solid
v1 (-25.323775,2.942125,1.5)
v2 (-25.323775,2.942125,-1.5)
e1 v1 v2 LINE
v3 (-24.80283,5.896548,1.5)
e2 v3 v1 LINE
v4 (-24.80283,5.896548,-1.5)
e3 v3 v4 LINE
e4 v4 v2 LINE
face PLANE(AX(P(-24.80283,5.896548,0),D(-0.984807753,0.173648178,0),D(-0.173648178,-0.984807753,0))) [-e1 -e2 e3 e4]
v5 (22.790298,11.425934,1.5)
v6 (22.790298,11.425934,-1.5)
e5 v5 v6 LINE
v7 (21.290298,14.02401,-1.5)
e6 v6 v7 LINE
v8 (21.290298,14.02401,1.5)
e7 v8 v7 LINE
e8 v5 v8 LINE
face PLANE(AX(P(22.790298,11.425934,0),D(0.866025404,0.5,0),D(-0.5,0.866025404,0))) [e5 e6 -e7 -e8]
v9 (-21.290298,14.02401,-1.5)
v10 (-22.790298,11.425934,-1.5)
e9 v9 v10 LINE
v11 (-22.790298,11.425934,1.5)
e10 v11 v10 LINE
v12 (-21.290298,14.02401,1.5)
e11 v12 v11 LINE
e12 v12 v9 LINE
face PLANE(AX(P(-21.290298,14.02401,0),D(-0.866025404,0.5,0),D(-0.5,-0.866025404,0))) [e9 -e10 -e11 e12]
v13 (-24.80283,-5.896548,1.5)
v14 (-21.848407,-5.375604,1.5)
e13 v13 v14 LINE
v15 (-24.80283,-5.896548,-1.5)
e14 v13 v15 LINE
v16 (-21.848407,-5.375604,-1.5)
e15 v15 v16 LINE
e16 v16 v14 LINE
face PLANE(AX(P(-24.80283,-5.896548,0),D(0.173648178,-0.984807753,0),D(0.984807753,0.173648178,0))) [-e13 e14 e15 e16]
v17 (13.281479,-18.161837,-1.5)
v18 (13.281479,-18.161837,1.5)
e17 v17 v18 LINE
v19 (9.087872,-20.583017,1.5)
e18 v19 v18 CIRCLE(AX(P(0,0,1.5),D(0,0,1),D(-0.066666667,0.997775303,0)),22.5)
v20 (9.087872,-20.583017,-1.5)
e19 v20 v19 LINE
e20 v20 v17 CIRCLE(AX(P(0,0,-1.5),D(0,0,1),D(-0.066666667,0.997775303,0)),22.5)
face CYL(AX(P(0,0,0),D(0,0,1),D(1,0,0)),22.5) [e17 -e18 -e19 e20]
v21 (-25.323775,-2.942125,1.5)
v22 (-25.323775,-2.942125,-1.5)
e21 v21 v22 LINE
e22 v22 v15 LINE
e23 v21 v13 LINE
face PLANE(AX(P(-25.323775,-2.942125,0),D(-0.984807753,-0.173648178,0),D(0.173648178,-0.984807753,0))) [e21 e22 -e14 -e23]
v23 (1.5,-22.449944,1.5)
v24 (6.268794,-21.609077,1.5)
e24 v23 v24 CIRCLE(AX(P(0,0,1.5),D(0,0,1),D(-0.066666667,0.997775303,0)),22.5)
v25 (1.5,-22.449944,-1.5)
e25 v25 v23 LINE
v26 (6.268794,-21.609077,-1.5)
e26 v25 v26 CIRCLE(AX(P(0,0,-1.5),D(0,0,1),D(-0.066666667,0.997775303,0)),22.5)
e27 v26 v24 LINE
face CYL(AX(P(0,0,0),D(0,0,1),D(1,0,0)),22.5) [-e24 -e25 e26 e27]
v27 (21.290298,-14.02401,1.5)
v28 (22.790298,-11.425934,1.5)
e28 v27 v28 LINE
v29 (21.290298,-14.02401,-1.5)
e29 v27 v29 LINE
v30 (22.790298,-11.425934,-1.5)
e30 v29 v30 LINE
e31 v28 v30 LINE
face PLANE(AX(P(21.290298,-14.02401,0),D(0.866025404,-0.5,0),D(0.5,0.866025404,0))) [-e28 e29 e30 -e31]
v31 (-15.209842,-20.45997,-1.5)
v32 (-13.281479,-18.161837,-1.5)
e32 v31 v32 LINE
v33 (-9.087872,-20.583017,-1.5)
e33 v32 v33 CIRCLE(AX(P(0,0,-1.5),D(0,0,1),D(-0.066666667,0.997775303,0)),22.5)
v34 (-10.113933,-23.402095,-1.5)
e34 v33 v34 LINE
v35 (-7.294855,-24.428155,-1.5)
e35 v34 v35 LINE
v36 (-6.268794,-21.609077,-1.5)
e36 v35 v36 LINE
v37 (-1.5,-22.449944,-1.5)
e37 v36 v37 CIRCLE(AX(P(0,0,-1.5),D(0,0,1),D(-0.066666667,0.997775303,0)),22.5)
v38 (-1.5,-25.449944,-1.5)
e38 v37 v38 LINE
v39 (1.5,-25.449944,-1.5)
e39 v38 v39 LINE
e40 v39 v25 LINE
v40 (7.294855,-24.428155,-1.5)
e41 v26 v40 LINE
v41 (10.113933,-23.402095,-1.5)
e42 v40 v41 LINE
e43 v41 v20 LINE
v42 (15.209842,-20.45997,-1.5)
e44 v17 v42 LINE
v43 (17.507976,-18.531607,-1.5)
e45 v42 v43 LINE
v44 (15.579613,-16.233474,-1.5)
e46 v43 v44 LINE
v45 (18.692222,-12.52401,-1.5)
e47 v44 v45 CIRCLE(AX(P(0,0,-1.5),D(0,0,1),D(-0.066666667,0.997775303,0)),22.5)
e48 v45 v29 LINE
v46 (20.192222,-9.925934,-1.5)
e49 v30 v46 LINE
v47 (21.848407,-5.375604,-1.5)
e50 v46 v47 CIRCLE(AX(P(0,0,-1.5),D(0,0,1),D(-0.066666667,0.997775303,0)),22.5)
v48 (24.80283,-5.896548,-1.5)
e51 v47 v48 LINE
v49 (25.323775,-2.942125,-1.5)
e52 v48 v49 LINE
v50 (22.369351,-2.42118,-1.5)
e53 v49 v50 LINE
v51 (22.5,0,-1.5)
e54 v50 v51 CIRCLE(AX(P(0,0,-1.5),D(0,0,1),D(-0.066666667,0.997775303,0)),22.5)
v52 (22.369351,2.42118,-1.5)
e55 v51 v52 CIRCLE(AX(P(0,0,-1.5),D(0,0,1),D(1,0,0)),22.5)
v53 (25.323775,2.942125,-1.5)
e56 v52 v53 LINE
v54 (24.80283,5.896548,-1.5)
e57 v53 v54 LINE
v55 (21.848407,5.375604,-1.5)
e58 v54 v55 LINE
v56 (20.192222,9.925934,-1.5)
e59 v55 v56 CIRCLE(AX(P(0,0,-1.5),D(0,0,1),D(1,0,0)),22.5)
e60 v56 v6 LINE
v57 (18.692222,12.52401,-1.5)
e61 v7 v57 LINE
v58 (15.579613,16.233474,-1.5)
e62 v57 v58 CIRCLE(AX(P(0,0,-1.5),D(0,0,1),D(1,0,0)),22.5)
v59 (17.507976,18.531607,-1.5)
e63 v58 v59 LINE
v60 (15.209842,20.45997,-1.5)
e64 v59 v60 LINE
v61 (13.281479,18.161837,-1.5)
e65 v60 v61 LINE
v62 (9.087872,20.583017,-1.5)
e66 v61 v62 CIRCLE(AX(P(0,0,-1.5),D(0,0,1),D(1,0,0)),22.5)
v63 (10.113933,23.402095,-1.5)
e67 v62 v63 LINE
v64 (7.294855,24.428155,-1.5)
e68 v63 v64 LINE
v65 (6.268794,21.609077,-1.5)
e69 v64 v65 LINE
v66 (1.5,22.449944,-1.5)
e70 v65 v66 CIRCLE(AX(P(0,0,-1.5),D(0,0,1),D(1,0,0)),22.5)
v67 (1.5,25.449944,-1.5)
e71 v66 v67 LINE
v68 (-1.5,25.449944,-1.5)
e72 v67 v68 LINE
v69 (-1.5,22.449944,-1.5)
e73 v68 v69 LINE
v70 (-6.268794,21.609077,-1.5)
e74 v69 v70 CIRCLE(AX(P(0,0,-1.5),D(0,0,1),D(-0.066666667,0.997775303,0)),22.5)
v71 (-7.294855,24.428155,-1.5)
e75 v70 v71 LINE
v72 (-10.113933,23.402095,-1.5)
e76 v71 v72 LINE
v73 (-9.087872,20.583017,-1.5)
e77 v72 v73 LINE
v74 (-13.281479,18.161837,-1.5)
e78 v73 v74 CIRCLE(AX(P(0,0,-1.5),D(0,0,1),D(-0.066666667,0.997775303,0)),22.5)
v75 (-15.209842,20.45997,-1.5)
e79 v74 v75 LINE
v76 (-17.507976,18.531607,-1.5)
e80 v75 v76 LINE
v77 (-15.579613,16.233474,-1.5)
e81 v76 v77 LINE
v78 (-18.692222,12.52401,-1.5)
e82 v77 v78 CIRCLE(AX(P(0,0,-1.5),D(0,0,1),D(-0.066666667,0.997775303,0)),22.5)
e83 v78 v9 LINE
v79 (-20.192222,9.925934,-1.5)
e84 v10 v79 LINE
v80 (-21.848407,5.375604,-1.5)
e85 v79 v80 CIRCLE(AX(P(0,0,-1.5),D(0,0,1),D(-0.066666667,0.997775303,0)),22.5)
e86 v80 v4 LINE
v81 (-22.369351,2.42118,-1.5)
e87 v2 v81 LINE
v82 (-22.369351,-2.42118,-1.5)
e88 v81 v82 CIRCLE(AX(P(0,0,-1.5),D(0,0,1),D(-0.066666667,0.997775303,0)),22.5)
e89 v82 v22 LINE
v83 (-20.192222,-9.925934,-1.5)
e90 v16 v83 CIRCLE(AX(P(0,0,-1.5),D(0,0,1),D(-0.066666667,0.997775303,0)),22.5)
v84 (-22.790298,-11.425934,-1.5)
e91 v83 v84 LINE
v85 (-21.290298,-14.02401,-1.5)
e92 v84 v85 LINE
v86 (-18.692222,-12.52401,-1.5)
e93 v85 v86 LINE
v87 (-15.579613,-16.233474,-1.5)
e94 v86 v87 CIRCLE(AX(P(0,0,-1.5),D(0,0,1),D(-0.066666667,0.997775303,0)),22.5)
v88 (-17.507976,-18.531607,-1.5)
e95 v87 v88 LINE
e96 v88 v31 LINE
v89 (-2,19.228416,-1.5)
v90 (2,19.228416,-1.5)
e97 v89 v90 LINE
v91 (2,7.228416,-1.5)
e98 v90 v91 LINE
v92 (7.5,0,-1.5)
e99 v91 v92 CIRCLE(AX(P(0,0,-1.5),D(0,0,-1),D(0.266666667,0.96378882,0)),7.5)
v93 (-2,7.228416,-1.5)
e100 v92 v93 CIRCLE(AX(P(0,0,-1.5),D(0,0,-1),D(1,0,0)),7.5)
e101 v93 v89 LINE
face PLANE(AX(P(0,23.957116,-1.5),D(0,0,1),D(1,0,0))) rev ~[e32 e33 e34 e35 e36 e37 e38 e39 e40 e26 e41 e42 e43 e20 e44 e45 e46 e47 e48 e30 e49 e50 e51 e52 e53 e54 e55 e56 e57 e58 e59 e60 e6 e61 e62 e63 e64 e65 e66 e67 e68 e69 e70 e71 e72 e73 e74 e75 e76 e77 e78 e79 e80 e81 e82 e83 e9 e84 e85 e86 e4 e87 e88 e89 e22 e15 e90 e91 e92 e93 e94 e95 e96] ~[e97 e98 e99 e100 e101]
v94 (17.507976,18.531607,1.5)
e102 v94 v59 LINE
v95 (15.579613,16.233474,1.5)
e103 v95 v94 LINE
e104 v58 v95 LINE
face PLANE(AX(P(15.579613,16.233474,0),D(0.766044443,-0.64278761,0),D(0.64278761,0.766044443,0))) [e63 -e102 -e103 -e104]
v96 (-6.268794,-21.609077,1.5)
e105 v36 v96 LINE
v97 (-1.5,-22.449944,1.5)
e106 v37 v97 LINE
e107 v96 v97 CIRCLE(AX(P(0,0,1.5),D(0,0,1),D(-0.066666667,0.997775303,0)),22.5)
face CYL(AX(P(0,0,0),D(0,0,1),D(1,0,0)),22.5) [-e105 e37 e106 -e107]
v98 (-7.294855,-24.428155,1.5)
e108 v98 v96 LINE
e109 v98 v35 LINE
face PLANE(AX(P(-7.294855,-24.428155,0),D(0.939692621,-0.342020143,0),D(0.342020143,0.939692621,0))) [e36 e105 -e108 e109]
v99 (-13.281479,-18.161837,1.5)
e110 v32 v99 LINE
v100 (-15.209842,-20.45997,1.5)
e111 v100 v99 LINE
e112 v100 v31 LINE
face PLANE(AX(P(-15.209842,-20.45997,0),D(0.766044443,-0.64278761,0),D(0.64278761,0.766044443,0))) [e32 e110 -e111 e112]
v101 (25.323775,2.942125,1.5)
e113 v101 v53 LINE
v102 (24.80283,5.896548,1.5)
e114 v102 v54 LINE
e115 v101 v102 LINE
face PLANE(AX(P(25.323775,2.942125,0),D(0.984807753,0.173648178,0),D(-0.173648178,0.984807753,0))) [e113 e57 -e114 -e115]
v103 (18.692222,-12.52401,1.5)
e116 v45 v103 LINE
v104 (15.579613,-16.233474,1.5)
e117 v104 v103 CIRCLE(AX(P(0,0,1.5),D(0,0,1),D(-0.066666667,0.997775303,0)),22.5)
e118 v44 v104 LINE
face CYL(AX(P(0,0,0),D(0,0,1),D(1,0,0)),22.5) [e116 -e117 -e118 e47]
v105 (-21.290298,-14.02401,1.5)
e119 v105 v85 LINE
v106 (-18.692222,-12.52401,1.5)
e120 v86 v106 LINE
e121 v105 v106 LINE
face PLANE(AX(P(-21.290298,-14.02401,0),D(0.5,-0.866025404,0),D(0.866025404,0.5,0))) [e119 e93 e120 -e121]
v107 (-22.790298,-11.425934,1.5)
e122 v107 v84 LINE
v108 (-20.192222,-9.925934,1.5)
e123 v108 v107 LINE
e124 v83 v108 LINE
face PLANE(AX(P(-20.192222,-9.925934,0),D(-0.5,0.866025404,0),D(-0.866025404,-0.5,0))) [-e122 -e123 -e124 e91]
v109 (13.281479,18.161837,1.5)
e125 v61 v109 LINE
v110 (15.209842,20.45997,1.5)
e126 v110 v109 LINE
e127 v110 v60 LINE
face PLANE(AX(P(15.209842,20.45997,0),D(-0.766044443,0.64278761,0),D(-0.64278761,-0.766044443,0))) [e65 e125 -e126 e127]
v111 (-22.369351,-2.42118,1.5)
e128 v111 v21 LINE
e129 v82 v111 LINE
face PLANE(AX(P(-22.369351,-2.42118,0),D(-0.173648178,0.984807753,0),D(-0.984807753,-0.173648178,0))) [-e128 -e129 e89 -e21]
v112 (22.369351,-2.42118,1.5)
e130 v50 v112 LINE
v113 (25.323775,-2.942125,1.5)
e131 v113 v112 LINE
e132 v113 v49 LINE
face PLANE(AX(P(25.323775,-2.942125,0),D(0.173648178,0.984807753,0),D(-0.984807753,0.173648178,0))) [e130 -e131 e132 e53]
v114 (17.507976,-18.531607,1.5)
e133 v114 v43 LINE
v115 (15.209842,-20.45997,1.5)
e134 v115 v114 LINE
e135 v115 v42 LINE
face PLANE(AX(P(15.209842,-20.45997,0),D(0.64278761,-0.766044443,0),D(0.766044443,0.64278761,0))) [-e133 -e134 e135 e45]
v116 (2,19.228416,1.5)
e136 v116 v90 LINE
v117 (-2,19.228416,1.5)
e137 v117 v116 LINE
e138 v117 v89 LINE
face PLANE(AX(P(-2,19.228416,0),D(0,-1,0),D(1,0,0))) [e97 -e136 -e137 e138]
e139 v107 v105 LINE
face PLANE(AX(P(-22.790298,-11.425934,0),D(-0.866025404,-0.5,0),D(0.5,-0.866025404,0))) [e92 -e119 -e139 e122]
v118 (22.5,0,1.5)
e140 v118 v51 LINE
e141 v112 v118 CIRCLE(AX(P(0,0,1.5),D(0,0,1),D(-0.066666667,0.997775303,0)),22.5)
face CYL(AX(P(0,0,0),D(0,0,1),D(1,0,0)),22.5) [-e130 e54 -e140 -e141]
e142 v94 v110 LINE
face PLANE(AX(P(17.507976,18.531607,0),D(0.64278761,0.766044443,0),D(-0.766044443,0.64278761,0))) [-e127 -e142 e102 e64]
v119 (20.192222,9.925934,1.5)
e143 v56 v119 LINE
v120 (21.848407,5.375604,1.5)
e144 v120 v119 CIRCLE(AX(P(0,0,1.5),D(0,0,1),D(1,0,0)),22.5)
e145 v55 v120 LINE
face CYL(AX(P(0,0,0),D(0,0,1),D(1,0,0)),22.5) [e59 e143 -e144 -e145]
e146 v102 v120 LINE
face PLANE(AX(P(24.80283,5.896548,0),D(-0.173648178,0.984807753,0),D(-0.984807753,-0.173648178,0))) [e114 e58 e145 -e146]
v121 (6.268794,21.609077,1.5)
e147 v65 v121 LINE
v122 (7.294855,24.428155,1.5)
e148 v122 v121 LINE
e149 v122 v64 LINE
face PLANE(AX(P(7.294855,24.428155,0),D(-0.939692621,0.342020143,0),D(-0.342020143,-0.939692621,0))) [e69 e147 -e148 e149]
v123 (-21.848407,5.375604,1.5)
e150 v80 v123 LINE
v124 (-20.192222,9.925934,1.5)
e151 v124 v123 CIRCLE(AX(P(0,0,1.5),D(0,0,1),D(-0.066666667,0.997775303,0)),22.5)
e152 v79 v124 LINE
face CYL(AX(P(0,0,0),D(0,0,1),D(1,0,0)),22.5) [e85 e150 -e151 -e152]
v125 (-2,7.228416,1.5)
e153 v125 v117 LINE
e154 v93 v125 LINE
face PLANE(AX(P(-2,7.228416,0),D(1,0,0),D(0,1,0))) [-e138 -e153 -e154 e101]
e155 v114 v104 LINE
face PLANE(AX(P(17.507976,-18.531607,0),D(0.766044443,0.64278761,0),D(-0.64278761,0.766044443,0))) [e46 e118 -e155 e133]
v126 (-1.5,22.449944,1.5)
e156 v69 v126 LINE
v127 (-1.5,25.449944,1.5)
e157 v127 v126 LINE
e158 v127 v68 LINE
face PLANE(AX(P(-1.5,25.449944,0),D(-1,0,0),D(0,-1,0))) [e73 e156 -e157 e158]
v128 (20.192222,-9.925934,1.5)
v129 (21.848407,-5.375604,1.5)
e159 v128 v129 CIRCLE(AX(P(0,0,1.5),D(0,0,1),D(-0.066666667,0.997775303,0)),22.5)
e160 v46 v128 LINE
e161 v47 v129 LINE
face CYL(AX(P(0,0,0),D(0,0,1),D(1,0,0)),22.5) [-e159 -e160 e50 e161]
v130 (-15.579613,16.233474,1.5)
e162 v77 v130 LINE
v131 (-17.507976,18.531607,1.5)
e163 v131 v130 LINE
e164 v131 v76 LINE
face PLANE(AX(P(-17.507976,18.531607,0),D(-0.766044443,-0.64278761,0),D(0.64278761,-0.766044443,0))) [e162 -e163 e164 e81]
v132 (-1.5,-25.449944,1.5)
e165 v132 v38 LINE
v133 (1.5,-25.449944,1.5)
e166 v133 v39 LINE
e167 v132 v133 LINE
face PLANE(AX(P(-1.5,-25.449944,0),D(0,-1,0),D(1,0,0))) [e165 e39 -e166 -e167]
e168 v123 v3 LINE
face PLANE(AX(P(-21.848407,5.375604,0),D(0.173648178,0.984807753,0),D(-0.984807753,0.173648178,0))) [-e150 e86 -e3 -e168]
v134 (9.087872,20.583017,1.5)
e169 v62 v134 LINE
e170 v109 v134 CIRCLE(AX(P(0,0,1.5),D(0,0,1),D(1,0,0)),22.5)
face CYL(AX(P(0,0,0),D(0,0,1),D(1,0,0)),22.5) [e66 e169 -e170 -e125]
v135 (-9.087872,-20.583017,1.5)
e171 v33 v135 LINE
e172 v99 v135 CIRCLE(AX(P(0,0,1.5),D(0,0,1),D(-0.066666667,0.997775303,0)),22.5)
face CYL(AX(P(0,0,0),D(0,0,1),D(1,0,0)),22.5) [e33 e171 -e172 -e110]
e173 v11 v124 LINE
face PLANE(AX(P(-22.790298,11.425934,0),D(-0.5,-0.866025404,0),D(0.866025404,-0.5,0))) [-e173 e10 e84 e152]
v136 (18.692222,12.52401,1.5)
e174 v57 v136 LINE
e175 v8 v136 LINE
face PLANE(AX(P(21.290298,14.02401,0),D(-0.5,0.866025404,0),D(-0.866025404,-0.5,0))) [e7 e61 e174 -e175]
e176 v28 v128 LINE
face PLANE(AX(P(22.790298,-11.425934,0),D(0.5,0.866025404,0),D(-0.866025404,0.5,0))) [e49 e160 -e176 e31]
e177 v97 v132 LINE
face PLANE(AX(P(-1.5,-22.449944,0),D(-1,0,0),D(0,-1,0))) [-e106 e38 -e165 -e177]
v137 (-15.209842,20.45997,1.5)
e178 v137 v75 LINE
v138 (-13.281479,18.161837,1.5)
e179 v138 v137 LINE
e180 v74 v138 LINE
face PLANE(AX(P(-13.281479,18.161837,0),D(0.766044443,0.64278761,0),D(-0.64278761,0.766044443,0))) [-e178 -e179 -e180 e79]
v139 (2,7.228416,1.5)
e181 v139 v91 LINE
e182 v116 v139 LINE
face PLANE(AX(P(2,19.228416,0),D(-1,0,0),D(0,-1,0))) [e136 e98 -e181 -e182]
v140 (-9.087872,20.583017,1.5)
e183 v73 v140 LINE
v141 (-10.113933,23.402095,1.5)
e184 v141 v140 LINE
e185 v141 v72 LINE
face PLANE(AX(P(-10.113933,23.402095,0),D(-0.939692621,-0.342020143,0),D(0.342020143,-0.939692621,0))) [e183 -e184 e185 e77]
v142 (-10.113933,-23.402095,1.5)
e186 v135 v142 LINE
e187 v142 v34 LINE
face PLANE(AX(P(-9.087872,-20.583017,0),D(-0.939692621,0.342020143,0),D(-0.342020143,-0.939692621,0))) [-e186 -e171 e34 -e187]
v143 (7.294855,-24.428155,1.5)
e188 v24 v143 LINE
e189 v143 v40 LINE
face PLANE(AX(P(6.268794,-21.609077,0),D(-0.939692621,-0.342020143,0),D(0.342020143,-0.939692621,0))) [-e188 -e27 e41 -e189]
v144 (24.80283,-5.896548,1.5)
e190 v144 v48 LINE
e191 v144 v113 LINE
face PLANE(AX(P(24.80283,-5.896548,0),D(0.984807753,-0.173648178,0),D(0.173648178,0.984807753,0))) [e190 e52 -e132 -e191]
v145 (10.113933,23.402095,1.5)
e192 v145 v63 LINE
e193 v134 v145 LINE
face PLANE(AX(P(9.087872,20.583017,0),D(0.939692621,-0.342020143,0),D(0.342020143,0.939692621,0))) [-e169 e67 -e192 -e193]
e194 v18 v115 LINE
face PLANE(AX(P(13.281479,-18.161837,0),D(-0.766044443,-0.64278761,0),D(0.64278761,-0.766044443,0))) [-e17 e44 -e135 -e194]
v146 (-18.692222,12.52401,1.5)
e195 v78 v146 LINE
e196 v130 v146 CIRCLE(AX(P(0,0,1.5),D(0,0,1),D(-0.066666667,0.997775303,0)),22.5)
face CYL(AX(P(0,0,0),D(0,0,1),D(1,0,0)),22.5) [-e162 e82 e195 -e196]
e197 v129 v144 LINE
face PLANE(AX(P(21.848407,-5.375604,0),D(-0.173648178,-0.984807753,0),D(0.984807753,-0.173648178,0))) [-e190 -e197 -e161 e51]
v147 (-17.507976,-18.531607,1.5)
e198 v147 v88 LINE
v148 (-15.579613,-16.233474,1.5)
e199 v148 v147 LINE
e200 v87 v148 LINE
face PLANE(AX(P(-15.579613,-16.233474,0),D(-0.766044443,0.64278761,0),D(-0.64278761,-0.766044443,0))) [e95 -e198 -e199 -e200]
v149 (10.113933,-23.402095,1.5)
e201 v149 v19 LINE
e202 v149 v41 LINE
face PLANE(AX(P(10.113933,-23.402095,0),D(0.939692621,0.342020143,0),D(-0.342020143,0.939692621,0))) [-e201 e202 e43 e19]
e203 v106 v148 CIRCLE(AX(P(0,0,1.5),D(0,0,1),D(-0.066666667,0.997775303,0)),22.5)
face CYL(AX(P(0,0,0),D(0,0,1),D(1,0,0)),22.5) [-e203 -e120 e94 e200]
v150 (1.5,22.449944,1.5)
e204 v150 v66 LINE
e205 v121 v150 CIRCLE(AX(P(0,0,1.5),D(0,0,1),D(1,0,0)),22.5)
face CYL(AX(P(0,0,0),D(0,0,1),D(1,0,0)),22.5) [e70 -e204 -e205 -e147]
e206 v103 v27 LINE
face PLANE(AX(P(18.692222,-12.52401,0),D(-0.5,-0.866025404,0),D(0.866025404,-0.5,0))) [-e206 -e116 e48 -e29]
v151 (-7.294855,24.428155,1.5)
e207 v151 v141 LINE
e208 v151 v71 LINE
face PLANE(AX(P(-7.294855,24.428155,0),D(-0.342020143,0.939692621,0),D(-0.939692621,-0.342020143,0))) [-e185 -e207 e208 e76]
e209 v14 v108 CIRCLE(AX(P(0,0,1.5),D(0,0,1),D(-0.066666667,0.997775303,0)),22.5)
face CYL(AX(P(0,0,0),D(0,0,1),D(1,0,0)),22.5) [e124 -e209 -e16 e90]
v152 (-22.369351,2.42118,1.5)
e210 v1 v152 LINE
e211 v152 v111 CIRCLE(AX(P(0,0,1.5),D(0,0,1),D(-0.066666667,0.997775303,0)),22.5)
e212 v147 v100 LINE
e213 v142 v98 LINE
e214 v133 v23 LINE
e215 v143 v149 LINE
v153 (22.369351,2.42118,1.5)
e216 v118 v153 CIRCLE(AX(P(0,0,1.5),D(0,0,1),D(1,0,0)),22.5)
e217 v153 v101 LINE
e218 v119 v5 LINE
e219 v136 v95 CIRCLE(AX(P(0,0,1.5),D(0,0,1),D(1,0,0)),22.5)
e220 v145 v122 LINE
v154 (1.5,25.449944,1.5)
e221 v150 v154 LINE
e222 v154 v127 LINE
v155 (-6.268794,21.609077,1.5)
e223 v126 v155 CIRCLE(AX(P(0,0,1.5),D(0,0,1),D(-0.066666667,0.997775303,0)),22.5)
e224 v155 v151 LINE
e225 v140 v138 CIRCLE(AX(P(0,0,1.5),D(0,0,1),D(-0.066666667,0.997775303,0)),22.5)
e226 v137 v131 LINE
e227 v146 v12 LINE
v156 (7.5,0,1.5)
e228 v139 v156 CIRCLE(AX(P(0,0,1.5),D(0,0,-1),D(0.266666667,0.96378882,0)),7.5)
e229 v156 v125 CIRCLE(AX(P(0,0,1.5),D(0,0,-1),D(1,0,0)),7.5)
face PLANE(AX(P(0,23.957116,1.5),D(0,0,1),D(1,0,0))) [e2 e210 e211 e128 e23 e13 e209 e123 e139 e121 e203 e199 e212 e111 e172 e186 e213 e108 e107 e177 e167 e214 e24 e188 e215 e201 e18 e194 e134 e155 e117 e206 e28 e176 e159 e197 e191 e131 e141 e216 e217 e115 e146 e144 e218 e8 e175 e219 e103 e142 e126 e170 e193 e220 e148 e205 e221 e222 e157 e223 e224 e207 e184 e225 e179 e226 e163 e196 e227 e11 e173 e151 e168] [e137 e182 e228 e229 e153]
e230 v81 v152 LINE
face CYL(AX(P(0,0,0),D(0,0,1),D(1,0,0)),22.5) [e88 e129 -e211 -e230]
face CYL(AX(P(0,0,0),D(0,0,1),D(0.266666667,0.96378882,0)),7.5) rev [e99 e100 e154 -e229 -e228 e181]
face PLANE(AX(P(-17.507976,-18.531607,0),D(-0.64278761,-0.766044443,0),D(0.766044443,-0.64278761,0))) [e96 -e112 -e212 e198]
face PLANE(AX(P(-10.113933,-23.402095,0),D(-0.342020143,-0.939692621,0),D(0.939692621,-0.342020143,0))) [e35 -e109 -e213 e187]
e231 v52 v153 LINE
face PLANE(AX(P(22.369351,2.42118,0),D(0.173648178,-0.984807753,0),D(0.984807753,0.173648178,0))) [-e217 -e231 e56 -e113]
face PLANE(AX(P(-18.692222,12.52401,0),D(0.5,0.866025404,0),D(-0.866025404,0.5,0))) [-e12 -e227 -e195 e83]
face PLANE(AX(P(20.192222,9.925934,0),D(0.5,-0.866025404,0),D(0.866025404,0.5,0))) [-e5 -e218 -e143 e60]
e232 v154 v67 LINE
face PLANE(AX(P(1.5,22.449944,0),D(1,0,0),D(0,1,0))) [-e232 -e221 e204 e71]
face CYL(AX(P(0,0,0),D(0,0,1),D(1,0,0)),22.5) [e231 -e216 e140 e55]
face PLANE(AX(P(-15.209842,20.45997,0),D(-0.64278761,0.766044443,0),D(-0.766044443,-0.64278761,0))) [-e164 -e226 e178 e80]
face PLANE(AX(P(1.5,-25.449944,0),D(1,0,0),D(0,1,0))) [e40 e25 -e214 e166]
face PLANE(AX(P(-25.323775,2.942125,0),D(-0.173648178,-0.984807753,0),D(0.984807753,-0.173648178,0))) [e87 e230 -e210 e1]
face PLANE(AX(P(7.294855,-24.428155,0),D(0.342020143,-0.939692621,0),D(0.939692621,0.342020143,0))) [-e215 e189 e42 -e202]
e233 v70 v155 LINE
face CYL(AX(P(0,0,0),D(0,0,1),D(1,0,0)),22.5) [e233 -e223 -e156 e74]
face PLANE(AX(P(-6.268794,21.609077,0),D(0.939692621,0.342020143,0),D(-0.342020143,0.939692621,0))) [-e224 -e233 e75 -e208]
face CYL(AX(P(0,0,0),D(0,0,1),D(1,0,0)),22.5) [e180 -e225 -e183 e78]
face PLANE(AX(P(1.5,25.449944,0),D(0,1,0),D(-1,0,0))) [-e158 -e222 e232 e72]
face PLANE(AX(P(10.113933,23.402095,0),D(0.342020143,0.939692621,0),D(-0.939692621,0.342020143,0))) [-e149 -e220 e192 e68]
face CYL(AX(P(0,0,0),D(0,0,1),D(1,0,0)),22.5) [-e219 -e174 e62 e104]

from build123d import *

# Parameters (mm, degrees)
BOSS_EXTRUDE1_DEPTH = 1.5
BOSS_EXTRUDE2_DEPTH = 1.5
CIRPATTERN1_COUNT   = 18


with BuildPart() as part:
    # Sketch1 → Boss-Extrude1 (new, symmetric)
    with BuildSketch(Plane.XY):
        with BuildLine():
            ThreePointArc((1.5, 22.449944321), (0, 22.5), (-1.5, 22.449944321))
            ThreePointArc((-1.5, 22.449944321), (-15.370426149, -16.431676725), (22.5, 0))
            ThreePointArc((22.5, 0), (16.431676725, 15.370426149), (1.5, 22.449944321))
        make_face()
        with BuildLine():
            ThreePointArc((7.5, 0), (-4.541475531, -5.968668193), (-2, 7.228416147))
            Line((-2, 7.228416147), (-2, 19.228416147))
            Line((-2, 19.228416147), (2, 19.228416147))
            Line((2, 19.228416147), (2, 7.228416147))
            ThreePointArc((2, 7.228416147), (5.968668193, 4.541475531), (7.5, 0))
        make_face(mode=Mode.SUBTRACT)
    extrude(amount=BOSS_EXTRUDE1_DEPTH, both=True)

    # Sketch1<3> → Boss-Extrude2 (add, symmetric)
    with BuildSketch(Plane.XY):
        with BuildLine():
            Line((-1.5, 25.449944321), (-1.5, 22.449944321))
            ThreePointArc((-1.5, 22.449944321), (0, 22.5), (1.5, 22.449944321))
            Line((1.5, 22.449944321), (1.5, 25.449944321))
            Line((1.5, 25.449944321), (-1.5, 25.449944321))
        make_face()
    boss_extrude2 = extrude(amount=BOSS_EXTRUDE2_DEPTH, both=True)

    # CirPattern1: Boss-Extrude2 ×18 about axis
    cirpattern1_axis = Axis((0, 0, 13.219379373), (0, 0, -1))
    for i in range(1, CIRPATTERN1_COUNT):
        add(boss_extrude2.rotate(cirpattern1_axis, i * 360 / CIRPATTERN1_COUNT))


solid = part.part
